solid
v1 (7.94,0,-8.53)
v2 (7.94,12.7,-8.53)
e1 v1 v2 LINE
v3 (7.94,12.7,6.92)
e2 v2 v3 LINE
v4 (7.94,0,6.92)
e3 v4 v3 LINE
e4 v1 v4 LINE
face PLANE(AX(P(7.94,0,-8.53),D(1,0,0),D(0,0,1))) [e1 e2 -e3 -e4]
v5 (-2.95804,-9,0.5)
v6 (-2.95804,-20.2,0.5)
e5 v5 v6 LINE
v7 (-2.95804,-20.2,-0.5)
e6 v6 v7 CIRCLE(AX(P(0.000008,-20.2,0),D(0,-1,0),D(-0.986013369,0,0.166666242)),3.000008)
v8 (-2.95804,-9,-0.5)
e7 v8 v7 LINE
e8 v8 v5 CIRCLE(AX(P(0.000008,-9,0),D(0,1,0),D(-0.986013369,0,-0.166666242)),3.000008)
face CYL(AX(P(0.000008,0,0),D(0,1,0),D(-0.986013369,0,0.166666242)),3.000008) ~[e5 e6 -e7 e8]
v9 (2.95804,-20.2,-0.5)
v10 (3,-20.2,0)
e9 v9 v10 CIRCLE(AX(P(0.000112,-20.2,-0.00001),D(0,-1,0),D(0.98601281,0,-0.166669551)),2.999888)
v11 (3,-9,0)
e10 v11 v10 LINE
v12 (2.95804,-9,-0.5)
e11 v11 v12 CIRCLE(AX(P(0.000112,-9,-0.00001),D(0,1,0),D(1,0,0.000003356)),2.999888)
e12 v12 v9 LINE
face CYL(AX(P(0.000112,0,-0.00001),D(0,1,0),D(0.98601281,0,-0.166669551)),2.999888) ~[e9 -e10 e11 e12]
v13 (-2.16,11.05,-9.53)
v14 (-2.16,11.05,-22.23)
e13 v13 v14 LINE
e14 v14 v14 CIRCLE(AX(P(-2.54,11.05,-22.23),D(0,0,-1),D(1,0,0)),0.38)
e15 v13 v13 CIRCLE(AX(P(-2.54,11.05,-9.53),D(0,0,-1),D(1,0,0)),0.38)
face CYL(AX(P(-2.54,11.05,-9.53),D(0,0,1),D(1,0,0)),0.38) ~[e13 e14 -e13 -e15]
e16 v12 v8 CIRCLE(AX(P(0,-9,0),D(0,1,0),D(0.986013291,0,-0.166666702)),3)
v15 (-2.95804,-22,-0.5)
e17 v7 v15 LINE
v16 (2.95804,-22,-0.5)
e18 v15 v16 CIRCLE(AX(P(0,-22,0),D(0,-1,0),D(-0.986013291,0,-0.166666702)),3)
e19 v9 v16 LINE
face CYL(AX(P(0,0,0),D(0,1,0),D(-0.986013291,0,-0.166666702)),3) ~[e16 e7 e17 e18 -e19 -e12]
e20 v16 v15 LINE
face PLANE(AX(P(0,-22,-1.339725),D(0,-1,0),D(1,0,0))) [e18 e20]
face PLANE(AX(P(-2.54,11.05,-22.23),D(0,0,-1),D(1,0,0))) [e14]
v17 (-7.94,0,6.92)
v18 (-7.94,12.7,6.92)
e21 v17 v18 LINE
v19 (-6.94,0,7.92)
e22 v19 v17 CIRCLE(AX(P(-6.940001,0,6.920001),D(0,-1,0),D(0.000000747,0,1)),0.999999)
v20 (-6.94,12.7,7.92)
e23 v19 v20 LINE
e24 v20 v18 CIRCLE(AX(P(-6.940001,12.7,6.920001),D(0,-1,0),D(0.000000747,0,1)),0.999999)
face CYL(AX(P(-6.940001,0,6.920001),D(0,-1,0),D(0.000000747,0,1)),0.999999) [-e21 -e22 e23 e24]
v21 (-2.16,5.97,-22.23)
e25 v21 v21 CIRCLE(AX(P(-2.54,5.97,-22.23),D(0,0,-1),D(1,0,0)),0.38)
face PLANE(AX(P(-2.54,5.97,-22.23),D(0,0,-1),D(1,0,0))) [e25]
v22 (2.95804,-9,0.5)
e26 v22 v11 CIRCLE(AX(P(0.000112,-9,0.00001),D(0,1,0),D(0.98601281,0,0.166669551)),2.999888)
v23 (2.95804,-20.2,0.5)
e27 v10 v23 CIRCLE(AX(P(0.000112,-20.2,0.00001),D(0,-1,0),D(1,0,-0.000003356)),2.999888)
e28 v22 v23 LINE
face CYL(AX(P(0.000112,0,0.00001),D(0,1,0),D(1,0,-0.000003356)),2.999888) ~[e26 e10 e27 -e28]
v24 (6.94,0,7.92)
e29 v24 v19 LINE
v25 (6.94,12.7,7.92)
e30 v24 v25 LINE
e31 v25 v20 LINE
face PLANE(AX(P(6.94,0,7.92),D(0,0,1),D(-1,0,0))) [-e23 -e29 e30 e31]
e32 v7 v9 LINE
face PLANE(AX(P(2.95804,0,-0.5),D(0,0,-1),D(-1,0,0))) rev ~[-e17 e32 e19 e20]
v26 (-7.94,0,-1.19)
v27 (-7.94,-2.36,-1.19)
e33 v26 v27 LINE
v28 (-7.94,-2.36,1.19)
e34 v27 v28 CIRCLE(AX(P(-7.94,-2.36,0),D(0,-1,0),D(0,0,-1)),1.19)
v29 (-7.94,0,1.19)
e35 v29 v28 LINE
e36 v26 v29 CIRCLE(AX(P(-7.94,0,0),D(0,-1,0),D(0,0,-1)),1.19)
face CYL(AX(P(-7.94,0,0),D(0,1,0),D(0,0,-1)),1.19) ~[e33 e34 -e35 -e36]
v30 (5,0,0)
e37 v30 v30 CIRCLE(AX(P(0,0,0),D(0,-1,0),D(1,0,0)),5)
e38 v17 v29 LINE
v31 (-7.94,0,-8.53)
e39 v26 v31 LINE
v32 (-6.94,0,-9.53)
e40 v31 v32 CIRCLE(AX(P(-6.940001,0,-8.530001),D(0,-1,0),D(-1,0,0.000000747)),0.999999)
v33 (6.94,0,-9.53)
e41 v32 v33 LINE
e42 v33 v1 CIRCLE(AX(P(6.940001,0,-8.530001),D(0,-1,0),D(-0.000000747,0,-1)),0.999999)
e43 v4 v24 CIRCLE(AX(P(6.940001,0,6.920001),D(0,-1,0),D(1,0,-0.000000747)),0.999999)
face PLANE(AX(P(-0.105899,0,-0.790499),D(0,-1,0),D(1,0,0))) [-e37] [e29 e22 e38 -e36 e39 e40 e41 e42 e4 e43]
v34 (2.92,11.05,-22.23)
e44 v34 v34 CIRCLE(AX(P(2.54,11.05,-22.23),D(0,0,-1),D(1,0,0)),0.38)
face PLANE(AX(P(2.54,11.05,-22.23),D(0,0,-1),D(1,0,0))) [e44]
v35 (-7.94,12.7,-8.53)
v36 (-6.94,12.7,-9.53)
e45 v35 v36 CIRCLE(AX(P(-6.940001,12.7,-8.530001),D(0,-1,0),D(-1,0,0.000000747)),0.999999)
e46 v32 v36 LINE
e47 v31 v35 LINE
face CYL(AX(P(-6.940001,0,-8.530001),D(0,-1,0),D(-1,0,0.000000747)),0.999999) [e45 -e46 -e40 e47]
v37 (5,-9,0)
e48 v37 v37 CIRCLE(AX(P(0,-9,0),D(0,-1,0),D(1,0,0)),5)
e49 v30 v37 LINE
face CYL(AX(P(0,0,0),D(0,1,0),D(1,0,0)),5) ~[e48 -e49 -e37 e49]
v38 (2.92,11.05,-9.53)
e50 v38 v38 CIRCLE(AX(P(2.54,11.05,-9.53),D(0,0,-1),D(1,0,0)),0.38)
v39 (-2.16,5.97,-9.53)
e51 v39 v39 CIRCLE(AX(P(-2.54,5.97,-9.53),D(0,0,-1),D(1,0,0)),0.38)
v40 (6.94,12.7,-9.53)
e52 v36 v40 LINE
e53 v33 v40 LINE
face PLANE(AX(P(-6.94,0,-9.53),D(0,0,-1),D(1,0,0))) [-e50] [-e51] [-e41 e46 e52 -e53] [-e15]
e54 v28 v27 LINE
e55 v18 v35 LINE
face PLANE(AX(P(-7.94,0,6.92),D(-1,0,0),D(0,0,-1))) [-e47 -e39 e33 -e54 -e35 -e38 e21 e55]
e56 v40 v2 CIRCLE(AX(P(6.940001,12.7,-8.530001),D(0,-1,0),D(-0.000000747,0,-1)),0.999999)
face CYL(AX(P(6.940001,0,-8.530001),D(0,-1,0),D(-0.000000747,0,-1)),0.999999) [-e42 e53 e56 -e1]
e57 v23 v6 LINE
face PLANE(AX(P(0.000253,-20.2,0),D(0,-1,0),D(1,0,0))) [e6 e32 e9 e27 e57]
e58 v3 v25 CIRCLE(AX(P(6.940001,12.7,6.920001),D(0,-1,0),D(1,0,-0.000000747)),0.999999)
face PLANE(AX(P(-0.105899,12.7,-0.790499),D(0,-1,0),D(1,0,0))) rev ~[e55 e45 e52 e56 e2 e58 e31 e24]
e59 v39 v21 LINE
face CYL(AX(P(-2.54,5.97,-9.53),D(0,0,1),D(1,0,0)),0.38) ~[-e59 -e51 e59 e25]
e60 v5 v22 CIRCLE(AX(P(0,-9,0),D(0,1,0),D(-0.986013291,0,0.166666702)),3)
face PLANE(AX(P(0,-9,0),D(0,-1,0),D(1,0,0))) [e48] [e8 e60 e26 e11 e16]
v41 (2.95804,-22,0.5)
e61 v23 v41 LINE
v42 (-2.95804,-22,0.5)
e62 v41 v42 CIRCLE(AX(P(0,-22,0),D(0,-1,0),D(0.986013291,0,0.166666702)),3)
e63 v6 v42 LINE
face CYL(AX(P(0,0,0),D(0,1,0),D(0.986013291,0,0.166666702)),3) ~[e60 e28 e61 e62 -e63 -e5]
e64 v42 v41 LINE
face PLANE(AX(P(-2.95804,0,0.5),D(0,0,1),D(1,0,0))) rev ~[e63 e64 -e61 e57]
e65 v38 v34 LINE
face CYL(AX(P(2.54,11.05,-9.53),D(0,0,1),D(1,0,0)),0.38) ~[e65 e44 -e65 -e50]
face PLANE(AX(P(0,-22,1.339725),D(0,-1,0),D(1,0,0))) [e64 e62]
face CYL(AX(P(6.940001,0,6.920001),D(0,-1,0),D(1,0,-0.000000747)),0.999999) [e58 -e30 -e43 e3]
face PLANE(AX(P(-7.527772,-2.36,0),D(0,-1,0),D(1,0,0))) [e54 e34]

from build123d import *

# Parameters (mm, degrees)
F0_R     = 5
F1_DEPTH = 12.7
F2_DEPTH = 22
F3_DEPTH = 20.2
F4_DEPTH = 9
F5_DEPTH = 2.36
F6_R     = 0.38
F7_DEPTH = 12.7


with BuildPart() as f1:
    # F0 (on Front) → F1 (new body)
    with BuildSketch(Plane.XZ):
        with BuildLine():
            Line((-6.94, -9.53), (6.94, -9.53))
            ThreePointArc((6.94, -9.53), (7.647107, -9.237107), (7.94, -8.53))
            Line((7.94, -8.53), (7.94, 6.92))
            ThreePointArc((7.94, 6.92), (7.647107, 7.627107), (6.94, 7.92))
            Line((6.94, 7.92), (-6.94, 7.92))
            ThreePointArc((-6.94, 7.92), (-7.647107, 7.627107), (-7.94, 6.92))
            Line((-7.94, 6.92), (-7.94, 1.19))
            ThreePointArc((-7.94, 1.19), (-6.75, 0), (-7.94, -1.19))
            Line((-7.94, -1.19), (-7.94, -8.53))
            ThreePointArc((-7.94, -8.53), (-7.647107, -9.237107), (-6.94, -9.53))
        make_face()
        Circle(F0_R, mode=Mode.SUBTRACT)
        Circle(F0_R)
        with BuildLine():
            ThreePointArc((2.95804, 0.5), (2.989492, 0.250879), (3, 0))
            ThreePointArc((3, 0), (2.989492, -0.250879), (2.95804, -0.5))
            ThreePointArc((2.95804, -0.5), (0, -3), (-2.95804, -0.5))
            ThreePointArc((-2.95804, -0.5), (-3, 0), (-2.95804, 0.5))
            ThreePointArc((-2.95804, 0.5), (0, 3), (2.95804, 0.5))
        make_face(mode=Mode.SUBTRACT)
        with BuildLine():
            Line((-7.94, 1.19), (-7.94, -1.19))
            ThreePointArc((-7.94, -1.19), (-6.75, 0), (-7.94, 1.19))
        make_face()
        with BuildLine():
            ThreePointArc((2.95804, -0.5), (2.989492, -0.250879), (3, 0))
            ThreePointArc((3, 0), (2.989492, 0.250879), (2.95804, 0.5))
            Line((2.95804, 0.5), (-2.95804, 0.5))
            ThreePointArc((-2.95804, 0.5), (-3, 0), (-2.95804, -0.5))
            Line((-2.95804, -0.5), (2.95804, -0.5))
        make_face()
        with BuildLine():
            Line((-2.95804, 0.5), (2.95804, 0.5))
            ThreePointArc((2.95804, 0.5), (0, 3), (-2.95804, 0.5))
        make_face()
        with BuildLine():
            ThreePointArc((-2.95804, -0.5), (0, -3), (2.95804, -0.5))
            Line((2.95804, -0.5), (-2.95804, -0.5))
        make_face()
    extrude(amount=-F1_DEPTH)

    # F0 (on Front) → F2 (join)
    with BuildSketch(Plane.XZ):
        with BuildLine():
            Line((-2.95804, 0.5), (2.95804, 0.5))
            ThreePointArc((2.95804, 0.5), (0, 3), (-2.95804, 0.5))
        make_face()
        with BuildLine():
            ThreePointArc((-2.95804, -0.5), (0, -3), (2.95804, -0.5))
            Line((2.95804, -0.5), (-2.95804, -0.5))
        make_face()
    extrude(amount=F2_DEPTH)

    # F0 (on Front) → F3 (join)
    with BuildSketch(Plane.XZ):
        with BuildLine():
            ThreePointArc((2.95804, -0.5), (2.989492, -0.250879), (3, 0))
            ThreePointArc((3, 0), (2.989492, 0.250879), (2.95804, 0.5))
            Line((2.95804, 0.5), (-2.95804, 0.5))
            ThreePointArc((-2.95804, 0.5), (-3, 0), (-2.95804, -0.5))
            Line((-2.95804, -0.5), (2.95804, -0.5))
        make_face()
    extrude(amount=F3_DEPTH)

    # F0 (on Front) → F4 (join)
    with BuildSketch(Plane.XZ):
        Circle(F0_R)
        with BuildLine():
            ThreePointArc((2.95804, 0.5), (2.989492, 0.250879), (3, 0))
            ThreePointArc((3, 0), (2.989492, -0.250879), (2.95804, -0.5))
            ThreePointArc((2.95804, -0.5), (0, -3), (-2.95804, -0.5))
            ThreePointArc((-2.95804, -0.5), (-3, 0), (-2.95804, 0.5))
            ThreePointArc((-2.95804, 0.5), (0, 3), (2.95804, 0.5))
        make_face(mode=Mode.SUBTRACT)
    extrude(amount=F4_DEPTH)

    # F0 (on Front) → F5 (join)
    with BuildSketch(Plane.XZ):
        with BuildLine():
            Line((-7.94, 1.19), (-7.94, -1.19))
            ThreePointArc((-7.94, -1.19), (-6.75, 0), (-7.94, 1.19))
        make_face()
    extrude(amount=F5_DEPTH)

    # F6 (on face) → F7 (join)
    with BuildSketch(Plane(origin=(0, 0, -9.53), x_dir=(1, 0, 0), z_dir=(0, 0, -1))):
        with Locations((-2.54, -5.97)):
            Circle(F6_R)
        with Locations((-2.54, -11.05)):
            Circle(F6_R)
        with Locations((2.54, -11.05)):
            Circle(F6_R)
    extrude(amount=F7_DEPTH)


solid = f1.part
